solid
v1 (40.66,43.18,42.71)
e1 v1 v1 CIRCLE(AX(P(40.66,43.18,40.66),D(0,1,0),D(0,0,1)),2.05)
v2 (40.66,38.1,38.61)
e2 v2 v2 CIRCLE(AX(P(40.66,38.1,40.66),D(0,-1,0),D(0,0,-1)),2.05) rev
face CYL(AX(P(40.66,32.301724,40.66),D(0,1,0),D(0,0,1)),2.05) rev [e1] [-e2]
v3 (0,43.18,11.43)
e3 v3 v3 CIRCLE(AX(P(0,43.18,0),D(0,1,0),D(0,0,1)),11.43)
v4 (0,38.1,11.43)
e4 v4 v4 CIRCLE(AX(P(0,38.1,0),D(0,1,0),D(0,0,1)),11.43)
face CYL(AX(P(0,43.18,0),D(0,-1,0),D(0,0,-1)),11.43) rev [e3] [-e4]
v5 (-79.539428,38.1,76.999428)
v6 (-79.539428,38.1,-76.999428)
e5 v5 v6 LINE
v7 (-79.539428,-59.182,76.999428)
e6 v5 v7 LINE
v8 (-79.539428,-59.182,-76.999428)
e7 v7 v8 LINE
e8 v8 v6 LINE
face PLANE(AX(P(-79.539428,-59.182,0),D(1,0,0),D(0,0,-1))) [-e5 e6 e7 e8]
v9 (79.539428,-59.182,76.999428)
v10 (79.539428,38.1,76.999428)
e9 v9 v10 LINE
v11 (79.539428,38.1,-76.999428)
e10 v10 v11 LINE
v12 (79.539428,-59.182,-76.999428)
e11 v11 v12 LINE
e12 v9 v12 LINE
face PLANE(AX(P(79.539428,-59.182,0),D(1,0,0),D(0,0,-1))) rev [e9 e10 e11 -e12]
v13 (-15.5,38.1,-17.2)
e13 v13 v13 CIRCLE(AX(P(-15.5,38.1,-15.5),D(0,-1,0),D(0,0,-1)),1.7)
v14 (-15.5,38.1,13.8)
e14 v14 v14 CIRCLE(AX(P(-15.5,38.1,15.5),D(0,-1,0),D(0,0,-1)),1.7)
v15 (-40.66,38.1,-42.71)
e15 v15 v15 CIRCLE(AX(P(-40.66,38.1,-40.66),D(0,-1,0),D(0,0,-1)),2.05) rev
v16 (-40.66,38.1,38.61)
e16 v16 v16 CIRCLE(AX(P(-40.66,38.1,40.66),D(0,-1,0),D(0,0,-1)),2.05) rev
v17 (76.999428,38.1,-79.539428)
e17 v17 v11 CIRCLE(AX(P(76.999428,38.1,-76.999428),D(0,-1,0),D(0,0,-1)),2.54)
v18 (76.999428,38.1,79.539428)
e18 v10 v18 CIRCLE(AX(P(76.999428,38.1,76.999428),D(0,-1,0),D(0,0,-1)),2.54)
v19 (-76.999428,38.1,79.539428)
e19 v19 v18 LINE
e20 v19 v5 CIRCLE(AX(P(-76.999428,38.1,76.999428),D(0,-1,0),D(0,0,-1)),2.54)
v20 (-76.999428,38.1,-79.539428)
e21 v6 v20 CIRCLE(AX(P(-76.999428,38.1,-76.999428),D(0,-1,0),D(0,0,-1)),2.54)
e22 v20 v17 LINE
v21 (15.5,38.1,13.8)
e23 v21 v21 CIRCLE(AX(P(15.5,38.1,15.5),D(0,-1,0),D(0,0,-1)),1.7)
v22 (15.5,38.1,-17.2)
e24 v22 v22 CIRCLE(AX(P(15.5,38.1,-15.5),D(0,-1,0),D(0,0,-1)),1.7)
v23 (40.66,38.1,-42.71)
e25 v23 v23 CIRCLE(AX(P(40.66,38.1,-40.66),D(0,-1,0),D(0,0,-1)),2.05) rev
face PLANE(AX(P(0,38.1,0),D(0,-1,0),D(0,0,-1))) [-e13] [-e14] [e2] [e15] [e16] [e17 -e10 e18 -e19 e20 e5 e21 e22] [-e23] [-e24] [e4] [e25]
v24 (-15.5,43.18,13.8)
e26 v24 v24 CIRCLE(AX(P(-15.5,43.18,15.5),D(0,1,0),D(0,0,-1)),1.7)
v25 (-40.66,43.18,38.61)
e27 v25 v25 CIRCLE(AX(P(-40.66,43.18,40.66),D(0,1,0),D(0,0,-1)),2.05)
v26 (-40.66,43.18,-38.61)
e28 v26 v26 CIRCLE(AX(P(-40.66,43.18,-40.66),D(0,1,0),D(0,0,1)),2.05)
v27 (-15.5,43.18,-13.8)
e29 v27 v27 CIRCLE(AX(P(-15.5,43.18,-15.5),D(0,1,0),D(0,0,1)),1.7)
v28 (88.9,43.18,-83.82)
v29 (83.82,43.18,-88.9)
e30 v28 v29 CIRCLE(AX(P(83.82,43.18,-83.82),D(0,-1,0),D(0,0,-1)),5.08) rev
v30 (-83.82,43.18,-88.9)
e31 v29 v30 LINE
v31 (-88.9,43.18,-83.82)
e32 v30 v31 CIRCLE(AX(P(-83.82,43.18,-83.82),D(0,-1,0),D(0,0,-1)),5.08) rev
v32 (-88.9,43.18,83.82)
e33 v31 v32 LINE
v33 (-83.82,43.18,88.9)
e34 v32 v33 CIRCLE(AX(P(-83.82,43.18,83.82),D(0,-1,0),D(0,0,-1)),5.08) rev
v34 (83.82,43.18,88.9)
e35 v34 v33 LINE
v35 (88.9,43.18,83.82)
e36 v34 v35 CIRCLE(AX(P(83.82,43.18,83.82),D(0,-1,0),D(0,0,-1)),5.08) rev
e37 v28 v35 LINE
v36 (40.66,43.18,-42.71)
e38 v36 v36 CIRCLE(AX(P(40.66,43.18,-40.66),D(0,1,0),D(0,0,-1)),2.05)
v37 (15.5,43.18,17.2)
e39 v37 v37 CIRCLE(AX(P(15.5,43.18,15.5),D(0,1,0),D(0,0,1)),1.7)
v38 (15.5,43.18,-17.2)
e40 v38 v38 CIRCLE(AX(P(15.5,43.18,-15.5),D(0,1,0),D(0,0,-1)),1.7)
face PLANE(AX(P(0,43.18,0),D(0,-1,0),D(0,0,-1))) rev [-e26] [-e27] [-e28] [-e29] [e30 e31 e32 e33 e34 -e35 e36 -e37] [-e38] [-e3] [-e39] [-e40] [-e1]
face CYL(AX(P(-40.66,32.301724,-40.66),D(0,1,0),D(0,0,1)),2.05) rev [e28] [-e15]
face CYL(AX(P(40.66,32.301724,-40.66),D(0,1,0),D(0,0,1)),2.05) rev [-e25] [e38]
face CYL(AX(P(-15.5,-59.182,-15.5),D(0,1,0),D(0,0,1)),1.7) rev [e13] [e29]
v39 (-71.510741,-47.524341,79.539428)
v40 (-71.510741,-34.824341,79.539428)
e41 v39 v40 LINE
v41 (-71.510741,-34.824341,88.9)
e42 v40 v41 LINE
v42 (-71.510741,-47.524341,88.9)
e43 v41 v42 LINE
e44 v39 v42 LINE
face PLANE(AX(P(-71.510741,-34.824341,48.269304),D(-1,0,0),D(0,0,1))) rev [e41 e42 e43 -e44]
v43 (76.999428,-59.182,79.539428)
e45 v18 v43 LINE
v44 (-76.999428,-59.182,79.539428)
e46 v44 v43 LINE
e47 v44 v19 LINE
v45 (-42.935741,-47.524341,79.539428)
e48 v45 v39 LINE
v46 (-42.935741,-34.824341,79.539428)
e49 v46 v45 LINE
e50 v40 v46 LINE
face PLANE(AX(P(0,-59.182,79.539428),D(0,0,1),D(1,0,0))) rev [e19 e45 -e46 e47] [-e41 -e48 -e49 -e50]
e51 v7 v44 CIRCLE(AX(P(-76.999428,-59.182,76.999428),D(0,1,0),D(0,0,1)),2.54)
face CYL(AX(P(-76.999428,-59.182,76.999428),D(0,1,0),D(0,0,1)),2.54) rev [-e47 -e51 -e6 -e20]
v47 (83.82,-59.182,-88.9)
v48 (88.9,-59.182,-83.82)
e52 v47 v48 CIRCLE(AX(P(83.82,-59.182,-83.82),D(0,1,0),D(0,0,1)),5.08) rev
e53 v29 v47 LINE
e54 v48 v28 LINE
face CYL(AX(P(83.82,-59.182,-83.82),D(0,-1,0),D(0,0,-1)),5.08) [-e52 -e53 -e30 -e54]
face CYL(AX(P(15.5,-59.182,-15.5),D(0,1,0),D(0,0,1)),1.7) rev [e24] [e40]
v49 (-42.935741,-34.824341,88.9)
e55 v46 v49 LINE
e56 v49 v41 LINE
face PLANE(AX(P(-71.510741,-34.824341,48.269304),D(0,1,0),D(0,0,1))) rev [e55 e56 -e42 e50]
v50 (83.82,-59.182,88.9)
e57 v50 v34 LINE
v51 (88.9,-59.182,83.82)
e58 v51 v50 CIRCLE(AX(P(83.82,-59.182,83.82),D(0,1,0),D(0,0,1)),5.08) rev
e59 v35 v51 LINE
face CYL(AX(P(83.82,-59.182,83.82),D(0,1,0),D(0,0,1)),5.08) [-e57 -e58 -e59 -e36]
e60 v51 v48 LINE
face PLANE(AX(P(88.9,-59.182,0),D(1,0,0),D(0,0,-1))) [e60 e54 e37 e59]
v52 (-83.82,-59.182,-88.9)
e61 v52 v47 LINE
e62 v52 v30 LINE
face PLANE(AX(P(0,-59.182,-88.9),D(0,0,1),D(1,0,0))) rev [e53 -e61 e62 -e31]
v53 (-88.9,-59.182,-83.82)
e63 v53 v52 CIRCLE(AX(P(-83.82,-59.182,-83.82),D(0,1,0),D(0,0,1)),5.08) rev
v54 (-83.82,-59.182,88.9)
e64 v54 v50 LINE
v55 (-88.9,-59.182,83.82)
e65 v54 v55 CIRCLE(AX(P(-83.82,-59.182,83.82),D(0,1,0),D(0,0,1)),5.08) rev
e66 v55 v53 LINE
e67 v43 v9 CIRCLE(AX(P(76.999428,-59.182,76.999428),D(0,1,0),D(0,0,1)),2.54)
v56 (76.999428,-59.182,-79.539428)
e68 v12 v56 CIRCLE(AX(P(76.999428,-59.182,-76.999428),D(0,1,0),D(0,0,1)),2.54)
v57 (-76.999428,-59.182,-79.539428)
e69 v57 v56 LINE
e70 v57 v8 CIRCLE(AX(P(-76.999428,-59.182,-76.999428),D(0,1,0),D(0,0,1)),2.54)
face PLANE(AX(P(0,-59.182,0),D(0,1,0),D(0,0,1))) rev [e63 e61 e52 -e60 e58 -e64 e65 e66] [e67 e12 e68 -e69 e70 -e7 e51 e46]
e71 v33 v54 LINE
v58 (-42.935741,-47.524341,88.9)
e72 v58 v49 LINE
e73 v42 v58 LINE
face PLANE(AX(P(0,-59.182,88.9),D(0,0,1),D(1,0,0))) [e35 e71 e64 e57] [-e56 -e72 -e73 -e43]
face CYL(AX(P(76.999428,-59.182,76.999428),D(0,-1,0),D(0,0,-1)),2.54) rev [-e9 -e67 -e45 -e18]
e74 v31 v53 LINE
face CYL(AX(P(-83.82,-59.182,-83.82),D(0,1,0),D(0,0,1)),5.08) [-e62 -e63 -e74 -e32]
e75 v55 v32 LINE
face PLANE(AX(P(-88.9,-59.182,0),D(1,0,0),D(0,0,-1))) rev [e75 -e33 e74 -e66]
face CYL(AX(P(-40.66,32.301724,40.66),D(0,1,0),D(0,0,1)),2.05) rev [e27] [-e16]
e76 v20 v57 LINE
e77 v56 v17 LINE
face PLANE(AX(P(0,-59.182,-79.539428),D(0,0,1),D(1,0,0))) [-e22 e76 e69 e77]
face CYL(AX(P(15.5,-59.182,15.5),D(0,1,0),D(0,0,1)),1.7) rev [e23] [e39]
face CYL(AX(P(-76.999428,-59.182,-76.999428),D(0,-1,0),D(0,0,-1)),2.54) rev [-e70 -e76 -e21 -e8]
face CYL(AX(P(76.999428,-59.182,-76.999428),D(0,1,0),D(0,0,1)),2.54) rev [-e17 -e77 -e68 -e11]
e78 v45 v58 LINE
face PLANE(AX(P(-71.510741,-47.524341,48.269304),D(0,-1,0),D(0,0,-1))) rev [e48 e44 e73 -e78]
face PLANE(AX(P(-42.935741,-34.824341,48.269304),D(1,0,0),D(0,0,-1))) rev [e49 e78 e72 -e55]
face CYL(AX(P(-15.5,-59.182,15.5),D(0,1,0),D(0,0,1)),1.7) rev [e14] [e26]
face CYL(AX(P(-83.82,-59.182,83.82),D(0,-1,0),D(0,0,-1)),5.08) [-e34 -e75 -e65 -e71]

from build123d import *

# Parameters (mm, degrees)
SKETCH1_W                = 177.8
SKETCH1_H                = 177.8
SKETCH1_W_2              = 159.078855478
SKETCH1_H_2              = 159.078855478
BOSS_EXTRUDE1_DEPTH      = 38.1
BOSS_EXTRUDE1_DEPTH_BACK = 59.182
BOSS_EXTRUDE3_START      = 38.1
SKETCH1_5_W              = 177.8
SKETCH1_5_H              = 177.8
SKETCH1_5_W_2            = 159.078855478
SKETCH1_5_H_2            = 159.078855478
SKETCH1_5_R              = 11.43
BOSS_EXTRUDE3_DEPTH      = 5.08
FILLET1_R                = 5.08
SKETCH3_R                = 1.7
CUT_EXTRUDE1_DEPTH       = 103.362
FILLET2_R                = 2.54
SKETCH4_R                = 2.05
CUT_EXTRUDE2_DEPTH       = 5.08
SKETCH5_W                = 28.575
SKETCH5_H                = 12.7
CUT_EXTRUDE3_DEPTH       = 9.360572


with BuildPart() as part:
    # Sketch1 → Boss-Extrude1 (new body, two sides)
    with BuildSketch(Plane(origin=(0, 0, 0), x_dir=(1, 0, 0), z_dir=(0, 1, 0))) as boss_extrude1_sk:
        Rectangle(SKETCH1_W, SKETCH1_H)
        Rectangle(SKETCH1_W_2, SKETCH1_H_2, mode=Mode.SUBTRACT)
    extrude(amount=BOSS_EXTRUDE1_DEPTH)
    extrude(boss_extrude1_sk.sketch, amount=-BOSS_EXTRUDE1_DEPTH_BACK)

    # Sketch1<5> → Boss-Extrude3 (add)
    with BuildSketch(Plane(origin=(0, 0, 0), x_dir=(1, 0, 0), z_dir=(0, 1, 0)).offset(BOSS_EXTRUDE3_START)):
        Rectangle(SKETCH1_5_W, SKETCH1_5_H)
        Rectangle(SKETCH1_5_W_2, SKETCH1_5_H_2, mode=Mode.SUBTRACT)
        Rectangle(SKETCH1_5_W_2, SKETCH1_5_H_2)
        Circle(SKETCH1_5_R, mode=Mode.SUBTRACT)
    extrude(amount=BOSS_EXTRUDE3_DEPTH)

    # Fillet1
    fillet1_edges = [part.edges().sort_by_distance(p)[0] for p in [
        (-88.9, -8.001, 88.9),
        (-88.9, -8.001, -88.9),
        (88.9, -8.001, -88.9),
        (88.9, -8.001, 88.9),
    ]]
    fillet(fillet1_edges, radius=FILLET1_R)

    # Sketch3 → Cut-Extrude1 (cut, through all)
    with BuildSketch(Plane(origin=(0, 43.18, 0), x_dir=(1, 0, 0), z_dir=(0, 1, 0))):
        with Locations((-15.5, 15.5)):
            Circle(SKETCH3_R)
        with Locations((-15.5, -15.5)):
            Circle(SKETCH3_R)
        with Locations((15.5, 15.5)):
            Circle(SKETCH3_R)
        with Locations((15.5, -15.5)):
            Circle(SKETCH3_R)
    extrude(amount=-CUT_EXTRUDE1_DEPTH, mode=Mode.SUBTRACT)

    # Fillet2
    fillet2_edges = [part.edges().sort_by_distance(p)[0] for p in [
        (79.539427739, -10.541, -79.539427739),
        (-79.539427739, -10.541, -79.539427739),
        (-79.539427739, -10.541, 79.539427739),
        (79.539427739, -10.541, 79.539427739),
    ]]
    fillet(fillet2_edges, radius=FILLET2_R)

    # Sketch4 → Cut-Extrude2 (cut)
    with BuildSketch(Plane(origin=(0, 43.18, 0), x_dir=(1, 0, 0), z_dir=(0, 1, 0))):
        with Locations((-40.66, 40.66)):
            Circle(SKETCH4_R)
        with Locations((40.66, 40.66)):
            Circle(SKETCH4_R)
        with Locations((-40.66, -40.66)):
            Circle(SKETCH4_R)
        with Locations((40.66, -40.66)):
            Circle(SKETCH4_R)
    extrude(amount=-CUT_EXTRUDE2_DEPTH, mode=Mode.SUBTRACT)

    # Sketch5 → Cut-Extrude3 (cut)
    with BuildSketch(Plane.XY.offset(88.9)):
        with Locations((-57.223240987, -41.174341157)):
            Rectangle(SKETCH5_W, SKETCH5_H)
    extrude(amount=-CUT_EXTRUDE3_DEPTH, mode=Mode.SUBTRACT)


solid = part.part
